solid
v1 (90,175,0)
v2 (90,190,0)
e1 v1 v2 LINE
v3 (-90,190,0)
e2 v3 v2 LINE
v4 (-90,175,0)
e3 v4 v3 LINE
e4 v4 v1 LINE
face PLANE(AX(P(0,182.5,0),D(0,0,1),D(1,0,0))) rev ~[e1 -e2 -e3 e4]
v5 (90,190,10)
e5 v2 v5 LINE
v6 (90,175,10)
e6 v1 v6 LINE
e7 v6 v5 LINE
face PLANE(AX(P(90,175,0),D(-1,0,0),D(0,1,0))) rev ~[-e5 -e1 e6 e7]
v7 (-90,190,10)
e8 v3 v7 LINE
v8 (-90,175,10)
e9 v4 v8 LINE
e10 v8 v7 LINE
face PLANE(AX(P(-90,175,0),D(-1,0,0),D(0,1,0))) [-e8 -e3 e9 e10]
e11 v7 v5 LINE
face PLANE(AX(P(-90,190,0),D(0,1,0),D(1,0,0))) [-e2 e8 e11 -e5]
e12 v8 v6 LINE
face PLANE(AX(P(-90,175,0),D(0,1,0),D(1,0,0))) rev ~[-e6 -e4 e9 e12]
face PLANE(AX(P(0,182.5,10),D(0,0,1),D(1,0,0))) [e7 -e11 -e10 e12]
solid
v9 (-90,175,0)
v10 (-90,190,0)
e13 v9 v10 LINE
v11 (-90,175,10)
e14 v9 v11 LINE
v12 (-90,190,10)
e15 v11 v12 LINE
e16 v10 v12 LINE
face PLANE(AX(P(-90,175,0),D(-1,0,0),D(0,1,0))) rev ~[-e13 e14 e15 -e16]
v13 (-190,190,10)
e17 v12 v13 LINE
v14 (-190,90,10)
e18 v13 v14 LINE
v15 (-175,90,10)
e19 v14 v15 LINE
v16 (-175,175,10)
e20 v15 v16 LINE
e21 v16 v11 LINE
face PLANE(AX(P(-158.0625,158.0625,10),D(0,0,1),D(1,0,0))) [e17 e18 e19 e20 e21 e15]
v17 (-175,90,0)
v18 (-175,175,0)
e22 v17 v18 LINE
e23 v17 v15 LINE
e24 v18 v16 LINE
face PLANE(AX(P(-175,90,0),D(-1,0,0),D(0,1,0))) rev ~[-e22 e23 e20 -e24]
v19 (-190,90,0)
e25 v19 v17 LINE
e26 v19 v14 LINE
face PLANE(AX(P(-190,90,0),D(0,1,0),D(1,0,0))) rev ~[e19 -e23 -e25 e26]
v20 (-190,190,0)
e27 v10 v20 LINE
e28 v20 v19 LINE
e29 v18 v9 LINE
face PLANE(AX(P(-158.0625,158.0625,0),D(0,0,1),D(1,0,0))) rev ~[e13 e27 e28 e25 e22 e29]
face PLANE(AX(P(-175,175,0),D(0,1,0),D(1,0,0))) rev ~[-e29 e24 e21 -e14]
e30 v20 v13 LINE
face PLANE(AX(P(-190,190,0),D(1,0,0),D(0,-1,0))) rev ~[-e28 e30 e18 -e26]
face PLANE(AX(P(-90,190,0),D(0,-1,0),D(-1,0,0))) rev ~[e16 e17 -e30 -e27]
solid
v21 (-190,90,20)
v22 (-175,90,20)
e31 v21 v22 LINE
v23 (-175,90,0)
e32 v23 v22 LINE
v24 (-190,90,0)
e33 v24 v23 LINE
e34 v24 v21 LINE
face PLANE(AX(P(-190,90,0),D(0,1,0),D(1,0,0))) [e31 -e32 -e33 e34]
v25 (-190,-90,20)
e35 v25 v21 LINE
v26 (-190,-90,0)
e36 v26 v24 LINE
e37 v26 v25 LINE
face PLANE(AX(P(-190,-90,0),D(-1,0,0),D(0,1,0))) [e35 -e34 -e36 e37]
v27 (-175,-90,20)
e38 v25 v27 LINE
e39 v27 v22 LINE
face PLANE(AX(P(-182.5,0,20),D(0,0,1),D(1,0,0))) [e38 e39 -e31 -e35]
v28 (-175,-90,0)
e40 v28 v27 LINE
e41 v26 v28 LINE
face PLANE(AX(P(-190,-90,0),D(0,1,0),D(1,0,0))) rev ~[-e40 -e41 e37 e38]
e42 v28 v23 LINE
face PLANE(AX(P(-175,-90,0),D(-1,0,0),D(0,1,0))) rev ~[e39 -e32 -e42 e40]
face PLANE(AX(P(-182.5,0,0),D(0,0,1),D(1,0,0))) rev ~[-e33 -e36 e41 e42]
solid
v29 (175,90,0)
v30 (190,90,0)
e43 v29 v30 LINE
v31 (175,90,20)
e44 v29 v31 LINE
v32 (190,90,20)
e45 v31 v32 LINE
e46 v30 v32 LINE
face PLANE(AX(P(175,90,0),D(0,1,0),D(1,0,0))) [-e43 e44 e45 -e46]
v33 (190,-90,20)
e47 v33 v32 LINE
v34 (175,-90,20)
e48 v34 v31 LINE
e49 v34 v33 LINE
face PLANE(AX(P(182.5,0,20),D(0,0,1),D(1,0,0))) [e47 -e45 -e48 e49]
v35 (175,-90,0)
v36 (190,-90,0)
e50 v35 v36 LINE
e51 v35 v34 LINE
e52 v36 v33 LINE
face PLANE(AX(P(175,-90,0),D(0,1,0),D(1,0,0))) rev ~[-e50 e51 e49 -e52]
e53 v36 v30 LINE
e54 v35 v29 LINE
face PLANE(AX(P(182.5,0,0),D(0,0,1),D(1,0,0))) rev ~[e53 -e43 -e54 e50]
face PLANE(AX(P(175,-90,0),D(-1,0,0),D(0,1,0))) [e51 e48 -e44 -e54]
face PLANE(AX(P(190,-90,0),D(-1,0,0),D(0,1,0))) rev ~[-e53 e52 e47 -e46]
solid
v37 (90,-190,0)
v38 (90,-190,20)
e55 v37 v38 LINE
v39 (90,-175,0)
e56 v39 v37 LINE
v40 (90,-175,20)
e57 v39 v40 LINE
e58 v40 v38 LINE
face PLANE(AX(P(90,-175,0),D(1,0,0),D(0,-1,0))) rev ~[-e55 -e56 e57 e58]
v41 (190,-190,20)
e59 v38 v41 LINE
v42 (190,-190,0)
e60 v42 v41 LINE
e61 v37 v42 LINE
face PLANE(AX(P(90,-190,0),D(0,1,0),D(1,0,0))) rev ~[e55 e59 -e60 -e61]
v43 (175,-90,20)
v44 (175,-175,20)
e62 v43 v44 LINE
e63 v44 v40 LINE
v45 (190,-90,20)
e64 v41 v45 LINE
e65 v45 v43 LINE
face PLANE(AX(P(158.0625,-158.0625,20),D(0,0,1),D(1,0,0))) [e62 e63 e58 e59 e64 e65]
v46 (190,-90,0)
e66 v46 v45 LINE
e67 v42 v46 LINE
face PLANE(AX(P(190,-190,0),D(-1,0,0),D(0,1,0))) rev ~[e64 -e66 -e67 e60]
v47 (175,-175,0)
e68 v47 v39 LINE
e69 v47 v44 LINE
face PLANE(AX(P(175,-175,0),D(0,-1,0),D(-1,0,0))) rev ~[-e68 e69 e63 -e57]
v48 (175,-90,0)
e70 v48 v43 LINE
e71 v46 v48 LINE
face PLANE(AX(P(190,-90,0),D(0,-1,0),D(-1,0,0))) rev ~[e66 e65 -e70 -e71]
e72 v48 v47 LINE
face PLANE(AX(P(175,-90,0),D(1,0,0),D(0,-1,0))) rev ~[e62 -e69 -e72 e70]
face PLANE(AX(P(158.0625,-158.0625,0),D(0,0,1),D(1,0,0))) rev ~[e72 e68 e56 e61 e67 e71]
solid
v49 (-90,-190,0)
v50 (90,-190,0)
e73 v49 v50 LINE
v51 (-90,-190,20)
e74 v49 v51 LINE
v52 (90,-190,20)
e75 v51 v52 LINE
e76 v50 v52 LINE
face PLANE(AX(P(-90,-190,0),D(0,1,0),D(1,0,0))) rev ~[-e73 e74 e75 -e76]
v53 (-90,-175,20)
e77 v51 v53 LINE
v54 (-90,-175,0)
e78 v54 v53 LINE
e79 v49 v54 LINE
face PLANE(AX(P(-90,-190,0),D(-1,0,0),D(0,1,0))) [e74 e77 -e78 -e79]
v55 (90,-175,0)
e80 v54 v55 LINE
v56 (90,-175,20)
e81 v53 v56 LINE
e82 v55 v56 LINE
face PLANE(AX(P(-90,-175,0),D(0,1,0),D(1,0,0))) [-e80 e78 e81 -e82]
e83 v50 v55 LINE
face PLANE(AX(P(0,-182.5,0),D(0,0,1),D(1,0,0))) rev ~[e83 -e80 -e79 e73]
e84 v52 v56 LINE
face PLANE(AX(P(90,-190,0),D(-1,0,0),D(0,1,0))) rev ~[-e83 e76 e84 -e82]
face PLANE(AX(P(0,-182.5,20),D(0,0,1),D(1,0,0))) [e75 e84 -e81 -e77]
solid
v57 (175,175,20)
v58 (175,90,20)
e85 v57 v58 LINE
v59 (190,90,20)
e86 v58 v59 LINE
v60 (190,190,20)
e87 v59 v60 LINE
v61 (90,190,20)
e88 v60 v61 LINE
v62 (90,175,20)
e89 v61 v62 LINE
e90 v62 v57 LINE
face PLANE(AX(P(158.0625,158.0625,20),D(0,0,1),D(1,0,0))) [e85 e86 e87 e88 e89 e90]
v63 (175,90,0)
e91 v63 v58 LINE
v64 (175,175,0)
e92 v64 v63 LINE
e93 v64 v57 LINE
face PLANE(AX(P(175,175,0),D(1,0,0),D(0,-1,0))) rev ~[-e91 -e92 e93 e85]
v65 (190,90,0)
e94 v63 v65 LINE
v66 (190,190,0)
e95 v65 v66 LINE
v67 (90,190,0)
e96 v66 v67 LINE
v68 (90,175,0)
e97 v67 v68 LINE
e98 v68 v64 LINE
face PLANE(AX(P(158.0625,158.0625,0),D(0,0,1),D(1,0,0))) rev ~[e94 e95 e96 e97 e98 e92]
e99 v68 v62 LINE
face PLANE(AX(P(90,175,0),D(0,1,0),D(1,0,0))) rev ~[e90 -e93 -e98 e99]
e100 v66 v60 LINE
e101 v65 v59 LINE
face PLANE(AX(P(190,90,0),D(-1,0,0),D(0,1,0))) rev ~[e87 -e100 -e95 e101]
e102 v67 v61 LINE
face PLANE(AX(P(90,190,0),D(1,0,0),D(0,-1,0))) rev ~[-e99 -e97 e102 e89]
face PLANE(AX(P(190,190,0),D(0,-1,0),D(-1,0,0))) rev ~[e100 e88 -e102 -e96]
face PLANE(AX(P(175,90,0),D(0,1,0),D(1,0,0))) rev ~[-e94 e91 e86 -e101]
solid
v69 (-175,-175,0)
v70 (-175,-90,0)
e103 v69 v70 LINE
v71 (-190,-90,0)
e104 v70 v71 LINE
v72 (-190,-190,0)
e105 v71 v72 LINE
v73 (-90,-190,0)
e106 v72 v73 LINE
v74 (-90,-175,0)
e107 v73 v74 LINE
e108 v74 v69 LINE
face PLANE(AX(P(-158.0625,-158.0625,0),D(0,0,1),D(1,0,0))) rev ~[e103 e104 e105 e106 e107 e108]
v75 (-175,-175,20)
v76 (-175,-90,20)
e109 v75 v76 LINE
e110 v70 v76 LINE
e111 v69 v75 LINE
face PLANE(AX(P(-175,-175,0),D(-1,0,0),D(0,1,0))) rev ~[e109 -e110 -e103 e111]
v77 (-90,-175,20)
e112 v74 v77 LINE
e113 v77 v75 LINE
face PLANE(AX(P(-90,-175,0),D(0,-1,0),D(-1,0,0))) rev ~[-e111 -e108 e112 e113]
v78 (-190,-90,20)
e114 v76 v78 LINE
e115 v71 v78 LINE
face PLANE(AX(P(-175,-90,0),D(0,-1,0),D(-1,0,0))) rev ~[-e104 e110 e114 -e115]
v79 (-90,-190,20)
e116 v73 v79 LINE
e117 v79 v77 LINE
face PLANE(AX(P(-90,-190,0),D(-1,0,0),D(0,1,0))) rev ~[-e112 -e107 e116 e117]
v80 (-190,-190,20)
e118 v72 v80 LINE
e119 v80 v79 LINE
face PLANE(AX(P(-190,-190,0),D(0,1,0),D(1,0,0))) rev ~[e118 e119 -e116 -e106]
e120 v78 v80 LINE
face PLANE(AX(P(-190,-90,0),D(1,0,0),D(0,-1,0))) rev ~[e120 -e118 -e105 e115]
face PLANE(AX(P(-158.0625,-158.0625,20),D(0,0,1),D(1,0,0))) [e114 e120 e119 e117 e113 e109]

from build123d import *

# Parameters (mm, degrees)
F1_DEPTH = 10
F0_W     = 180
F0_H     = 15
F2_DEPTH = 10
F3_DEPTH = 20
F0_W_2   = 15
F0_H_2   = 180
F4_DEPTH = 20
F5_DEPTH = 20
F6_DEPTH = 20
F7_DEPTH = 20
F8_DEPTH = 20


with BuildPart() as f1:
    # F0 (on Top) → F1 (new body)
    with BuildSketch(Plane.XY):
        Polygon((-190, 90), (-175, 90), (-175, 175), (-90, 175), (-90, 190), (-190, 190), align=None)
    extrude(amount=F1_DEPTH)


with BuildPart() as f2:
    # F0 (on Top) → F2 (new body)
    with BuildSketch(Plane.XY):
        with Locations((0, 182.5)):
            Rectangle(F0_W, F0_H)
    extrude(amount=F2_DEPTH)


with BuildPart() as f3:
    # F0 (on Top) → F3 (new body)
    with BuildSketch(Plane.XY):
        Polygon((175, 175), (175, 90), (190, 90), (190, 190), (90, 190), (90, 175), align=None)
    extrude(amount=F3_DEPTH)


with BuildPart() as f4:
    # F0 (on Top) → F4 (new body)
    with BuildSketch(Plane.XY):
        with Locations((-182.5, 0)):
            Rectangle(F0_W_2, F0_H_2)
    extrude(amount=F4_DEPTH)


with BuildPart() as f5:
    # F0 (on Top) → F5 (new body)
    with BuildSketch(Plane.XY):
        Polygon((-90, -190), (-90, -175), (-175, -175), (-175, -90), (-190, -90), (-190, -190), align=None)
    extrude(amount=F5_DEPTH)


with BuildPart() as f6:
    # F0 (on Top) → F6 (new body)
    with BuildSketch(Plane.XY):
        with Locations((0, -182.5)):
            Rectangle(F0_W, F0_H)
    extrude(amount=F6_DEPTH)


with BuildPart() as f7:
    # F0 (on Top) → F7 (new body)
    with BuildSketch(Plane.XY):
        Polygon((175, -90), (175, -175), (90, -175), (90, -190), (190, -190), (190, -90), align=None)
    extrude(amount=F7_DEPTH)


with BuildPart() as f8:
    # F0 (on Top) → F8 (new body)
    with BuildSketch(Plane.XY):
        with Locations((182.5, 0)):
            Rectangle(F0_W_2, F0_H_2)
    extrude(amount=F8_DEPTH)


solid = Compound([f1.part, f2.part, f3.part, f4.part, f5.part, f6.part, f7.part, f8.part])
